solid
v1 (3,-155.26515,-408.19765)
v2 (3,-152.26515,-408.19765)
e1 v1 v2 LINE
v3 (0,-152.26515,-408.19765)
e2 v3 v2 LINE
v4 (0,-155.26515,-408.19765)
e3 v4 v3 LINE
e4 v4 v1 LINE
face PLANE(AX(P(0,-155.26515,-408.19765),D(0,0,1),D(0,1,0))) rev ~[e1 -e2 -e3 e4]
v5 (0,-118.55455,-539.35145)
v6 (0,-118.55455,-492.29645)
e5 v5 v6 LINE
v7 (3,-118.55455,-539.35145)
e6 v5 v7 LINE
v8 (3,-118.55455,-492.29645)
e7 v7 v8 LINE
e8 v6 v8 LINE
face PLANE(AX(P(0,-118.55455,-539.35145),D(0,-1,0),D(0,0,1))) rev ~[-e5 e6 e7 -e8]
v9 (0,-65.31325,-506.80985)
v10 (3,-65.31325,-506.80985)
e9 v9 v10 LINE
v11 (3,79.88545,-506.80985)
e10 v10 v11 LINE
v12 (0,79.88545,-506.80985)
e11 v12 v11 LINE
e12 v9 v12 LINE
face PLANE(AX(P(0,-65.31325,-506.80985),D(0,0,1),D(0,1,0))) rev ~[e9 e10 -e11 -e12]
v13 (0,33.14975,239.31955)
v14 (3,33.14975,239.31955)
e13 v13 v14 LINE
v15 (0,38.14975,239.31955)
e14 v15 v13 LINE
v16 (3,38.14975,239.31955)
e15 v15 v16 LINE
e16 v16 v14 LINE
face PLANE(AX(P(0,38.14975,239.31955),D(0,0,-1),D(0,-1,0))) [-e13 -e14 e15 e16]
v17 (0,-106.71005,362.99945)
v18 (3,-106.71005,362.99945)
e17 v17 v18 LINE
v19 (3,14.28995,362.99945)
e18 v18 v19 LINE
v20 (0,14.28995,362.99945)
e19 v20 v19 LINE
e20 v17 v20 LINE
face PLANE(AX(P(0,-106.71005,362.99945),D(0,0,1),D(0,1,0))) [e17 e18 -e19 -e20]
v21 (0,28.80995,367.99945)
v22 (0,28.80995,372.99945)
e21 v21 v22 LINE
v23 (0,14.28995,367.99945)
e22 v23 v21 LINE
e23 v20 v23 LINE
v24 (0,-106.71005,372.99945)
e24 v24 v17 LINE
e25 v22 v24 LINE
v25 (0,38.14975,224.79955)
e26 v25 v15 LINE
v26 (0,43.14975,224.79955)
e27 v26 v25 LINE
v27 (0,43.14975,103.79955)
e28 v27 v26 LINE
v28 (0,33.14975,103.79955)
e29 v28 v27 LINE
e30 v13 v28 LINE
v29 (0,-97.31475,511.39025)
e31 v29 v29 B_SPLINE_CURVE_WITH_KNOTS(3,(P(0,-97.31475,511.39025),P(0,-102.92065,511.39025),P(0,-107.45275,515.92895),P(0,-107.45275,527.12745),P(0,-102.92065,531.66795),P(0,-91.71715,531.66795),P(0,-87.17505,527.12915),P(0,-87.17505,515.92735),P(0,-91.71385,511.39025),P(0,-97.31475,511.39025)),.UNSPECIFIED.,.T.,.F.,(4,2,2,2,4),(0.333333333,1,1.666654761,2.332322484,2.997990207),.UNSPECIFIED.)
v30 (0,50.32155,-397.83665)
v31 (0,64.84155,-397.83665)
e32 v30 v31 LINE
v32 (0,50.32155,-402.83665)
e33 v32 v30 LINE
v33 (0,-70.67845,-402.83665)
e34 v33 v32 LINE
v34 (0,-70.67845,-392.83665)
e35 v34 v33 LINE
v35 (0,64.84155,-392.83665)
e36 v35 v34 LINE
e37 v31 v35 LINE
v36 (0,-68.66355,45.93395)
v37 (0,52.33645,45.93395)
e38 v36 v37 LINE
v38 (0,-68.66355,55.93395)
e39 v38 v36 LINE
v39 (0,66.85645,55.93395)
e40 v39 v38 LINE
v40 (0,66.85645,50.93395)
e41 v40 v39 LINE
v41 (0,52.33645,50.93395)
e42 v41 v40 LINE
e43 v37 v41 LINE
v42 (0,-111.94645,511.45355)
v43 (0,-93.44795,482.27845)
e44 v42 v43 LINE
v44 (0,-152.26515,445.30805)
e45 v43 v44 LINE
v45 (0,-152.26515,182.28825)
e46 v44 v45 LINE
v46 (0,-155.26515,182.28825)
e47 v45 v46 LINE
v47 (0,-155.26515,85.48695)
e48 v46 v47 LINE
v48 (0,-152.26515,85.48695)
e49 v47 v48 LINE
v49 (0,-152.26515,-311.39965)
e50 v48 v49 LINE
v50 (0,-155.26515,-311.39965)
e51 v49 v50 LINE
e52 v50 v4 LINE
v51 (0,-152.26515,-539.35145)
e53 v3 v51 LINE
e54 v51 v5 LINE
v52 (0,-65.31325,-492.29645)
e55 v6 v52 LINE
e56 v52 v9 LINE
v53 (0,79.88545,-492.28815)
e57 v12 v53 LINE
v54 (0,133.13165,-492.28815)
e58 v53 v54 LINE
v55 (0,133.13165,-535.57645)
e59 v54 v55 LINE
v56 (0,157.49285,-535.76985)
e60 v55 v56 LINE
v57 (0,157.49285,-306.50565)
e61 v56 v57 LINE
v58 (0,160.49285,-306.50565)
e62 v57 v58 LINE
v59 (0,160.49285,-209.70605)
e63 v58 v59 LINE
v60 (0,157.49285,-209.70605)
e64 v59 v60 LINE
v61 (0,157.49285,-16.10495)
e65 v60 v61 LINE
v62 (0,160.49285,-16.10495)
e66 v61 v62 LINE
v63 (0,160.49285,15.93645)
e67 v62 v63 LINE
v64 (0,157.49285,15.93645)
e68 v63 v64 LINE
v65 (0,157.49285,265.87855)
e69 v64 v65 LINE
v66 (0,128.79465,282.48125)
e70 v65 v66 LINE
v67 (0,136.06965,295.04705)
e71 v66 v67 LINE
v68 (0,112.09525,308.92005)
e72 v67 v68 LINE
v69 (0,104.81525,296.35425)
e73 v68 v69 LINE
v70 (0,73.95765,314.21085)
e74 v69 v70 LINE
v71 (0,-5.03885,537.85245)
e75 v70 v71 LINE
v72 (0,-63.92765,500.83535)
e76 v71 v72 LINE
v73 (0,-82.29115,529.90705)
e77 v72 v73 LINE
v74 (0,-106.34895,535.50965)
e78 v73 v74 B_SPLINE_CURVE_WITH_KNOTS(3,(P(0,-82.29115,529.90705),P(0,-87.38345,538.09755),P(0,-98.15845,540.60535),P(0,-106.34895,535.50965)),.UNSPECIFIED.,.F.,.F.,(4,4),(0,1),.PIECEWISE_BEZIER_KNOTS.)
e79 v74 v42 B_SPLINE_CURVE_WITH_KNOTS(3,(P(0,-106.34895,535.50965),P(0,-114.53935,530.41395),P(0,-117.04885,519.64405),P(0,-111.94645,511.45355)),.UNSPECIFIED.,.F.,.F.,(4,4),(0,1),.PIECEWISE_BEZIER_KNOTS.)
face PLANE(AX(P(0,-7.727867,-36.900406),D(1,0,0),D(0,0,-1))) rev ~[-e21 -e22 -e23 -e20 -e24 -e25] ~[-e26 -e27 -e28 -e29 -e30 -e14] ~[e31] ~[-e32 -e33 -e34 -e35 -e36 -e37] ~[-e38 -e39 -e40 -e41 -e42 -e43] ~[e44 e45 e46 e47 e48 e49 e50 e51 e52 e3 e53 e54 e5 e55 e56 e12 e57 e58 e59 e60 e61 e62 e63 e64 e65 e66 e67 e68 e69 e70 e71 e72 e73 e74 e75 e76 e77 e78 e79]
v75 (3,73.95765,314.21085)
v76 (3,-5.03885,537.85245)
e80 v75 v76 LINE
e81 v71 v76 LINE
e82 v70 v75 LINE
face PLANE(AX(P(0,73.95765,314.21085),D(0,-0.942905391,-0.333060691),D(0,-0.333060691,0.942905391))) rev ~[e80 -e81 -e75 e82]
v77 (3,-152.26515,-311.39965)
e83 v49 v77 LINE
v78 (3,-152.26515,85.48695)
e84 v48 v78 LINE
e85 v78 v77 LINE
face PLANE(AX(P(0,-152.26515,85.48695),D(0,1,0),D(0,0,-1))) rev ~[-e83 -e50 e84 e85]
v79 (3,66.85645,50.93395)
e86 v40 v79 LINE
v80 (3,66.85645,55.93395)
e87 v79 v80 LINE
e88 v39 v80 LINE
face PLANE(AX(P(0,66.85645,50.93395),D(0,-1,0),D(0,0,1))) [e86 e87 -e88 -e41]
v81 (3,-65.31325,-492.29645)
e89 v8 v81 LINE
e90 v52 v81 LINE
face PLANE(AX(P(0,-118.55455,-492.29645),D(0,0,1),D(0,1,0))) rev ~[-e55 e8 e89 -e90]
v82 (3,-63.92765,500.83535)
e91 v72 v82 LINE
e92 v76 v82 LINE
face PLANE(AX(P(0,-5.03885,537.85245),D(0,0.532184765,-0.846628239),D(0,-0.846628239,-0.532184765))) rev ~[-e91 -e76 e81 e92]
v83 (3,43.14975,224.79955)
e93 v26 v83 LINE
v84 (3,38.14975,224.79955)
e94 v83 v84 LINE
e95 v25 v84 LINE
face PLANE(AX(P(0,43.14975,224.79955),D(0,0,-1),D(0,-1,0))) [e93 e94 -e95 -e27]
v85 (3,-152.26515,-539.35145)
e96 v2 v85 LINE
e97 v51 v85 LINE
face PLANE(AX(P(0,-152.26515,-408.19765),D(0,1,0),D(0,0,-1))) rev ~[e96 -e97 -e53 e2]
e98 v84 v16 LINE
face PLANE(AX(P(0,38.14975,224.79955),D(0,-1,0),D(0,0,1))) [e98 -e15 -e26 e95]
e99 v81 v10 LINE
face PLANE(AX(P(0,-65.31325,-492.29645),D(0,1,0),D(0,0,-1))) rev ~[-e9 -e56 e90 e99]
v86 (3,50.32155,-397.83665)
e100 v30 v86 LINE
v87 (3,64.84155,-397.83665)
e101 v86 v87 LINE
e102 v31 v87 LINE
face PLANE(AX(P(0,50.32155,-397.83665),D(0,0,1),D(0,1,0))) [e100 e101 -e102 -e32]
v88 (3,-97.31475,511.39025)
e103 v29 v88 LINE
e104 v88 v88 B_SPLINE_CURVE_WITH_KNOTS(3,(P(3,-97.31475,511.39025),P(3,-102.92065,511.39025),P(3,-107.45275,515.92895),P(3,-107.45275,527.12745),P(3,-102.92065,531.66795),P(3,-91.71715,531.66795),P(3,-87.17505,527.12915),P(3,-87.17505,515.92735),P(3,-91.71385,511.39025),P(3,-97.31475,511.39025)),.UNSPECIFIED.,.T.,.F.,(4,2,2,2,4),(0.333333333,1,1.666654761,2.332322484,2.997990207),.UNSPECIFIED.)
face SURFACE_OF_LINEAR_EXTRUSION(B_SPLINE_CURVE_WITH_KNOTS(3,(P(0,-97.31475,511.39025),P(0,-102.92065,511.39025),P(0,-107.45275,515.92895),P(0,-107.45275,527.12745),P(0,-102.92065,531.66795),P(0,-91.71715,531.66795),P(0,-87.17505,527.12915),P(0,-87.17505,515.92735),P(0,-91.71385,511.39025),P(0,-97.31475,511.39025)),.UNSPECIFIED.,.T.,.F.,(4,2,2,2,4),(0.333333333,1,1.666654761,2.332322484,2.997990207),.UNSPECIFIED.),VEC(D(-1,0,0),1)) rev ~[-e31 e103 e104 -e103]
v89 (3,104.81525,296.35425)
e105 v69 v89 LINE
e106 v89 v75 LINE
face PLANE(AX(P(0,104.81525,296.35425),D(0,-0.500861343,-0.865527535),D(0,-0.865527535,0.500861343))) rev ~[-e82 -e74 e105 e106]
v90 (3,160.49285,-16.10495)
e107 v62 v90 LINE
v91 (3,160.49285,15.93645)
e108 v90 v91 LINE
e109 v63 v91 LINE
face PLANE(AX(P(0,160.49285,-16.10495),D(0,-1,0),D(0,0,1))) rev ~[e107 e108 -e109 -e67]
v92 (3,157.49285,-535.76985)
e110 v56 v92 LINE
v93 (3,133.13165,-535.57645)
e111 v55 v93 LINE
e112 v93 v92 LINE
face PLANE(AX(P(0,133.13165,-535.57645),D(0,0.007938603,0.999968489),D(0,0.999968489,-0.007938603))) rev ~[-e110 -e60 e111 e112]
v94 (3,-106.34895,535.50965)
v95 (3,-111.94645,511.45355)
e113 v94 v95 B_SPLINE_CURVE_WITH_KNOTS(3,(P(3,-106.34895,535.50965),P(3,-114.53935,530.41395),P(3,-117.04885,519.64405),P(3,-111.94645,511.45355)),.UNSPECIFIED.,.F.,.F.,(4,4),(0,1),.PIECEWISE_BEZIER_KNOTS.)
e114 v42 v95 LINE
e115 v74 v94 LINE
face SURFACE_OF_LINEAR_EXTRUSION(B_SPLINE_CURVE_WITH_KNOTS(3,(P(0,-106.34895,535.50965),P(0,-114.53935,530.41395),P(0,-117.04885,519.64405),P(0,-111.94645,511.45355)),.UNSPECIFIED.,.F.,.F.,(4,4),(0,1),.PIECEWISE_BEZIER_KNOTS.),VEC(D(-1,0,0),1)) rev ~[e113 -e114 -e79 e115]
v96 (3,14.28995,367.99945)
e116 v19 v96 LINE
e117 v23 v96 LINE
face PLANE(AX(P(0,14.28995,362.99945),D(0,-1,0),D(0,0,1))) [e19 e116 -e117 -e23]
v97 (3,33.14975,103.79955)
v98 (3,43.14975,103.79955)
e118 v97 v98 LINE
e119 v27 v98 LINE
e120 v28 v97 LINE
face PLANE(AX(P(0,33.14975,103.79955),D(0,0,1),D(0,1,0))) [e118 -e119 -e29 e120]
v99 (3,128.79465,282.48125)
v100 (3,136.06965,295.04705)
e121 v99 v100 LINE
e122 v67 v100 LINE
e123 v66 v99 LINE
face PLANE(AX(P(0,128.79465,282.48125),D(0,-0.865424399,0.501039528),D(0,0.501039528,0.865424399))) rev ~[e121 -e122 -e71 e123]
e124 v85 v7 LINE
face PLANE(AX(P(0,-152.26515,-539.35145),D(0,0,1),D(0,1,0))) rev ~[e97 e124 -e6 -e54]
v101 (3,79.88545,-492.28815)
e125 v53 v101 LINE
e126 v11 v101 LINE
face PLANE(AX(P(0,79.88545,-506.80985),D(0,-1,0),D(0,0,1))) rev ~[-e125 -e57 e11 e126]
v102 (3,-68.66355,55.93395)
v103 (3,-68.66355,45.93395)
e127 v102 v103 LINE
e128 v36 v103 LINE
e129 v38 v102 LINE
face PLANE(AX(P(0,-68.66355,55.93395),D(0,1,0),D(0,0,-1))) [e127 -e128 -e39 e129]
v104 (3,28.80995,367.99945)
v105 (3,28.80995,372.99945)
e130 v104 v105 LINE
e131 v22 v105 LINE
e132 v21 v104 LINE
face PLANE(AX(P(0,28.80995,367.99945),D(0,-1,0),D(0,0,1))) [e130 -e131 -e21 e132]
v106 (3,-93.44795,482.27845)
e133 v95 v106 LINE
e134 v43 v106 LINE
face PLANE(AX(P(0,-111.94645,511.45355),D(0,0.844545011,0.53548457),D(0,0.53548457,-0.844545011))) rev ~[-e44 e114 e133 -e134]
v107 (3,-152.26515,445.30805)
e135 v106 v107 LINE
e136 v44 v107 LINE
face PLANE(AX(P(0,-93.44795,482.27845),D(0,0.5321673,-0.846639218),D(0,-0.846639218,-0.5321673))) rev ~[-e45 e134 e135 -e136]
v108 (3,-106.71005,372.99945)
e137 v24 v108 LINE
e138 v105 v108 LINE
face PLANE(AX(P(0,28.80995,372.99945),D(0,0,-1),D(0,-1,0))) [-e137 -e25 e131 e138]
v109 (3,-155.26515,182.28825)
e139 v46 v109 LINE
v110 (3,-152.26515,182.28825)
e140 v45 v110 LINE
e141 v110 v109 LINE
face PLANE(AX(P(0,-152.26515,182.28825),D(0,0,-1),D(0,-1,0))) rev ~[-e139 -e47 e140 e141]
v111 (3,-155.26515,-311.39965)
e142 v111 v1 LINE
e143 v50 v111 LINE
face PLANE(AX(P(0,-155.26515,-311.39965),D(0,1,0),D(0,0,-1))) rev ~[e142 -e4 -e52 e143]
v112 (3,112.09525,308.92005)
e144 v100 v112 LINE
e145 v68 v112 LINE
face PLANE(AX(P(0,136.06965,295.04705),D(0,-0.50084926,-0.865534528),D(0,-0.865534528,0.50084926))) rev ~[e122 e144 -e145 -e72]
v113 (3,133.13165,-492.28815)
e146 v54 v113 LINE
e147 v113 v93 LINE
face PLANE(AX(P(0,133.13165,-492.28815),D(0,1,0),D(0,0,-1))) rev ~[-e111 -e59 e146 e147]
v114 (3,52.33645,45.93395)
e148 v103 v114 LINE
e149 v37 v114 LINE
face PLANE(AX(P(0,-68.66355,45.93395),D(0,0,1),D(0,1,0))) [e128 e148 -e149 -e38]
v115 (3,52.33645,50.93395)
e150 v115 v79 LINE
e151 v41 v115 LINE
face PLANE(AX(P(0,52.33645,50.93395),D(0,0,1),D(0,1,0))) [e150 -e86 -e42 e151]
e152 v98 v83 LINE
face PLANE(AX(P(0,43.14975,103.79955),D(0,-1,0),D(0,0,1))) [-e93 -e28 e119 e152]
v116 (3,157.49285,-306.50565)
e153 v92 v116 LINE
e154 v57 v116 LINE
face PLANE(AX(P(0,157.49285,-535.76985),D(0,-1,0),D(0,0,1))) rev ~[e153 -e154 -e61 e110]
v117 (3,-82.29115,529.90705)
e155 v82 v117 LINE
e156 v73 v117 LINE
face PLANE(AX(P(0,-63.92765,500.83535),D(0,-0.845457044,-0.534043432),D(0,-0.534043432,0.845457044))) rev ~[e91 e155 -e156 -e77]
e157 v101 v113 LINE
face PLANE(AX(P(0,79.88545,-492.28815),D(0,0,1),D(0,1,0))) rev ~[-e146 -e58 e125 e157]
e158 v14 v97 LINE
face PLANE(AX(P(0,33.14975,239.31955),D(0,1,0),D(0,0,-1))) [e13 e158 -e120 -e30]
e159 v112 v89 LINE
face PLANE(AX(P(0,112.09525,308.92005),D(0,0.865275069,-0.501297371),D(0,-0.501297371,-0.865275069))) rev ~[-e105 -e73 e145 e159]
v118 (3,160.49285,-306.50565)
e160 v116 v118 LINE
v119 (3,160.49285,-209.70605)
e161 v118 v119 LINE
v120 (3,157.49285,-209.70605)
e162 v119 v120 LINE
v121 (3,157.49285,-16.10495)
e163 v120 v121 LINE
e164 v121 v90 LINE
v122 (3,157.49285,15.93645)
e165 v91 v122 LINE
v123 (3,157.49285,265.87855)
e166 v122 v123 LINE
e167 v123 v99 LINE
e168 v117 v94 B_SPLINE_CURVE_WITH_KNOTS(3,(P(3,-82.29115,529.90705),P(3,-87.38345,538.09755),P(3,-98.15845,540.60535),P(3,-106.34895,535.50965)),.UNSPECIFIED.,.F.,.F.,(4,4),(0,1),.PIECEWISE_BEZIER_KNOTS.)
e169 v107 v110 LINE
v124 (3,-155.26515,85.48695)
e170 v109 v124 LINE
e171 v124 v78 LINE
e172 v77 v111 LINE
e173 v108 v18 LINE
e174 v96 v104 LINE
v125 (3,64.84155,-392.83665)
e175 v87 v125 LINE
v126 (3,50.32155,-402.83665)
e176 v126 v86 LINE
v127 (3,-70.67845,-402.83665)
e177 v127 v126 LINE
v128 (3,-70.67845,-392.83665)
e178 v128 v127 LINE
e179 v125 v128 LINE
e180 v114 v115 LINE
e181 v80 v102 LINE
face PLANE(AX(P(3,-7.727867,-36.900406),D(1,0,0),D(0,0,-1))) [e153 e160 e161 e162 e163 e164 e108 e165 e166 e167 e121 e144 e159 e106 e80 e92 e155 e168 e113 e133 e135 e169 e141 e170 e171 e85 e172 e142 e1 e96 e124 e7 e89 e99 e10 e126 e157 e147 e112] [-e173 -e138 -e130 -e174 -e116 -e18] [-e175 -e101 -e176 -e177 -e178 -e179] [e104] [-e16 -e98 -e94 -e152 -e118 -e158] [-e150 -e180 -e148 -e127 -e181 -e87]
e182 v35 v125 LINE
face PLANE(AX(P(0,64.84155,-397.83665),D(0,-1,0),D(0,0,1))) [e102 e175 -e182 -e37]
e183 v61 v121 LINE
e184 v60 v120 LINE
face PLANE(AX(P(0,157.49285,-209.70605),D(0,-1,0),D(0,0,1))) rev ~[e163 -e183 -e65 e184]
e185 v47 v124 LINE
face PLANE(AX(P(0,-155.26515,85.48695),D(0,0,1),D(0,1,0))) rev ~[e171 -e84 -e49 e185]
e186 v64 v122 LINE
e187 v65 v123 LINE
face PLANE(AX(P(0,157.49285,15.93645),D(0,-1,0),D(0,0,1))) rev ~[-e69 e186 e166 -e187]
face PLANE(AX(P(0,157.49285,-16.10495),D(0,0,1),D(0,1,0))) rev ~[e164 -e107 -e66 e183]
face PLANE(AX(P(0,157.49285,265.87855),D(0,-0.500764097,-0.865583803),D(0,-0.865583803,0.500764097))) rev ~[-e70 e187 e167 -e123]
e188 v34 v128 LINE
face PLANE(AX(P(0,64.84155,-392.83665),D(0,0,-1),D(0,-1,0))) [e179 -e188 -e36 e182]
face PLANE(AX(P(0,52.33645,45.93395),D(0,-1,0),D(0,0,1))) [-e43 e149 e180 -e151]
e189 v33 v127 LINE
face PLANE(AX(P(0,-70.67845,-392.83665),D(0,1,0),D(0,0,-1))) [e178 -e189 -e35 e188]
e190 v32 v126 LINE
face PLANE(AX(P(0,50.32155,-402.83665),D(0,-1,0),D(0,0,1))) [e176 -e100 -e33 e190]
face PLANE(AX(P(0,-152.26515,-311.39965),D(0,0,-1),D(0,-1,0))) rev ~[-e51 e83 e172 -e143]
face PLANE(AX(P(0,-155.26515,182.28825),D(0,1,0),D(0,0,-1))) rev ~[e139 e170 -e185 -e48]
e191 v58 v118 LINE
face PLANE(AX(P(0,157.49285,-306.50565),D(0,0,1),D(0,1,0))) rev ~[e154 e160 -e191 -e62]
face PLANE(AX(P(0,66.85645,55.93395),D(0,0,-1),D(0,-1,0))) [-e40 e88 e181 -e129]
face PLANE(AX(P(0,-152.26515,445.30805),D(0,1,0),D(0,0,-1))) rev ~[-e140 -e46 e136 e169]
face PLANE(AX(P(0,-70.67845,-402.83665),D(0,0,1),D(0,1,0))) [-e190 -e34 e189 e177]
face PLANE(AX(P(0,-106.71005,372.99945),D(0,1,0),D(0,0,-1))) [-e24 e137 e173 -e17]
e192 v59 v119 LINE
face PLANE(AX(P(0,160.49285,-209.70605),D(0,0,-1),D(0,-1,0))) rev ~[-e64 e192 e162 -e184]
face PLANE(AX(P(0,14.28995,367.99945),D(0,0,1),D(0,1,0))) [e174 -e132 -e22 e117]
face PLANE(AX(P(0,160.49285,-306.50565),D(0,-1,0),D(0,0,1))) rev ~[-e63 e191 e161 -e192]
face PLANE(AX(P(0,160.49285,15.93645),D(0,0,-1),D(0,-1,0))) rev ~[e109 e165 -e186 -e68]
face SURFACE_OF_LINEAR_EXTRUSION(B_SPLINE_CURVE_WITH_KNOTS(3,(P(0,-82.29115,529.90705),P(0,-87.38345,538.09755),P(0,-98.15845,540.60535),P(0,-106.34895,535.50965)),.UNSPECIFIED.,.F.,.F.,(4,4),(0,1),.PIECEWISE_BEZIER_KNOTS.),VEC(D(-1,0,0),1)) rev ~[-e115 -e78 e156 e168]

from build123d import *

# Parameters (mm, degrees)
BOSS_EXTRUDE1_DEPTH = 3


with BuildPart() as part:
    # Sketch1 → Boss-Extrude1 (new body)
    with BuildSketch(Plane(origin=(0, 0, 0), x_dir=(0, 0, -1), z_dir=(1, 0, 0))):
        with BuildLine():
            Line((16.10495, 157.49285), (16.10495, 160.49285))
            Line((16.10495, 160.49285), (-15.93645, 160.49285))
            Line((-15.93645, 160.49285), (-15.93645, 157.49285))
            Line((-15.93645, 157.49285), (-265.87855, 157.49285))
            Line((-265.87855, 157.49285), (-282.48125, 128.79465))
            Line((-282.48125, 128.79465), (-295.04705, 136.06965))
            Line((-295.04705, 136.06965), (-308.92005, 112.09525))
            Line((-308.92005, 112.09525), (-296.35425, 104.81525))
            Line((-296.35425, 104.81525), (-314.21085, 73.95765))
            Line((-314.21085, 73.95765), (-537.85245, -5.03885))
            Line((-537.85245, -5.03885), (-500.83535, -63.92765))
            Line((-500.83535, -63.92765), (-529.90705, -82.29115))
            add(Edge.make_bspline(
                [(-529.90705, -82.29115), (-538.09755, -87.38345), (-540.60535, -98.15845), (-535.50965, -106.34895)],
                knots=[0, 0, 0, 0, 1, 1, 1, 1], degree=3))
            add(Edge.make_bspline(
                [(-535.50965, -106.34895), (-530.41395, -114.53935), (-519.64405, -117.04885), (-511.45355, -111.94645)],
                knots=[0, 0, 0, 0, 1, 1, 1, 1], degree=3))
            Line((-511.45355, -111.94645), (-482.27845, -93.44795))
            Line((-482.27845, -93.44795), (-445.30805, -152.26515))
            Line((-445.30805, -152.26515), (-182.28825, -152.26515))
            Line((-182.28825, -152.26515), (-182.28825, -155.26515))
            Line((-182.28825, -155.26515), (-85.48695, -155.26515))
            Line((-85.48695, -155.26515), (-85.48695, -152.26515))
            Line((-85.48695, -152.26515), (311.39965, -152.26515))
            Line((311.39965, -152.26515), (311.39965, -155.26515))
            Line((311.39965, -155.26515), (408.19765, -155.26515))
            Line((408.19765, -155.26515), (408.19765, -152.26515))
            Line((408.19765, -152.26515), (539.35145, -152.26515))
            Line((539.35145, -152.26515), (539.35145, -118.55455))
            Line((539.35145, -118.55455), (492.29645, -118.55455))
            Line((492.29645, -118.55455), (492.29645, -65.31325))
            Line((492.29645, -65.31325), (506.80985, -65.31325))
            Line((506.80985, -65.31325), (506.80985, 79.88545))
            Line((506.80985, 79.88545), (492.28815, 79.88545))
            Line((492.28815, 79.88545), (492.28815, 133.13165))
            Line((492.28815, 133.13165), (535.57645, 133.13165))
            Line((535.57645, 133.13165), (535.76985, 157.49285))
            Line((535.76985, 157.49285), (306.50565, 157.49285))
            Line((306.50565, 157.49285), (306.50565, 160.49285))
            Line((306.50565, 160.49285), (209.70605, 160.49285))
            Line((209.70605, 160.49285), (209.70605, 157.49285))
            Line((209.70605, 157.49285), (16.10495, 157.49285))
        make_face()
        Polygon((-239.31955, 33.14975), (-103.79955, 33.14975), (-103.79955, 43.14975), (-224.79955, 43.14975), (-224.79955, 38.14975), (-239.31955, 38.14975), align=None, mode=Mode.SUBTRACT)
        Polygon((-55.93395, 66.85645), (-55.93395, -68.66355), (-45.93395, -68.66355), (-45.93395, 52.33645), (-50.93395, 52.33645), (-50.93395, 66.85645), align=None, mode=Mode.SUBTRACT)
        Polygon((-372.99945, 28.80995), (-372.99945, -106.71005), (-362.99945, -106.71005), (-362.99945, 14.28995), (-367.99945, 14.28995), (-367.99945, 28.80995), align=None, mode=Mode.SUBTRACT)
        Polygon((392.83665, 64.84155), (392.83665, -70.67845), (402.83665, -70.67845), (402.83665, 50.32155), (397.83665, 50.32155), (397.83665, 64.84155), align=None, mode=Mode.SUBTRACT)
        with BuildLine():
            add(Edge.make_bspline(
                [(-521.52825, -107.45275), (-527.12745, -107.45275), (-531.66795, -102.92065), (-531.66795, -97.31475)],
                knots=[0, 0, 0, 0, 0.333333333, 0.333333333, 0.333333333, 0.333333333], degree=3))
            add(Edge.make_bspline(
                [(-531.66795, -97.31475), (-531.66795, -91.71715), (-527.12915, -87.17505), (-521.52825, -87.17505)],
                knots=[0.333333333, 0.333333333, 0.333333333, 0.333333333, 1, 1, 1, 1], degree=3))
            add(Edge.make_bspline(
                [(-521.52825, -87.17505), (-515.92735, -87.17505), (-511.39025, -91.71385), (-511.39025, -97.31475)],
                knots=[0, 0, 0, 0, 0.333333333, 0.333333333, 0.333333333, 0.333333333], degree=3))
            add(Edge.make_bspline(
                [(-511.39025, -97.31475), (-511.39025, -102.92065), (-515.92895, -107.45275), (-521.52825, -107.45275)],
                knots=[0.333333333, 0.333333333, 0.333333333, 0.333333333, 1, 1, 1, 1], degree=3))
        make_face(mode=Mode.SUBTRACT)
    extrude(amount=BOSS_EXTRUDE1_DEPTH)


solid = part.part
